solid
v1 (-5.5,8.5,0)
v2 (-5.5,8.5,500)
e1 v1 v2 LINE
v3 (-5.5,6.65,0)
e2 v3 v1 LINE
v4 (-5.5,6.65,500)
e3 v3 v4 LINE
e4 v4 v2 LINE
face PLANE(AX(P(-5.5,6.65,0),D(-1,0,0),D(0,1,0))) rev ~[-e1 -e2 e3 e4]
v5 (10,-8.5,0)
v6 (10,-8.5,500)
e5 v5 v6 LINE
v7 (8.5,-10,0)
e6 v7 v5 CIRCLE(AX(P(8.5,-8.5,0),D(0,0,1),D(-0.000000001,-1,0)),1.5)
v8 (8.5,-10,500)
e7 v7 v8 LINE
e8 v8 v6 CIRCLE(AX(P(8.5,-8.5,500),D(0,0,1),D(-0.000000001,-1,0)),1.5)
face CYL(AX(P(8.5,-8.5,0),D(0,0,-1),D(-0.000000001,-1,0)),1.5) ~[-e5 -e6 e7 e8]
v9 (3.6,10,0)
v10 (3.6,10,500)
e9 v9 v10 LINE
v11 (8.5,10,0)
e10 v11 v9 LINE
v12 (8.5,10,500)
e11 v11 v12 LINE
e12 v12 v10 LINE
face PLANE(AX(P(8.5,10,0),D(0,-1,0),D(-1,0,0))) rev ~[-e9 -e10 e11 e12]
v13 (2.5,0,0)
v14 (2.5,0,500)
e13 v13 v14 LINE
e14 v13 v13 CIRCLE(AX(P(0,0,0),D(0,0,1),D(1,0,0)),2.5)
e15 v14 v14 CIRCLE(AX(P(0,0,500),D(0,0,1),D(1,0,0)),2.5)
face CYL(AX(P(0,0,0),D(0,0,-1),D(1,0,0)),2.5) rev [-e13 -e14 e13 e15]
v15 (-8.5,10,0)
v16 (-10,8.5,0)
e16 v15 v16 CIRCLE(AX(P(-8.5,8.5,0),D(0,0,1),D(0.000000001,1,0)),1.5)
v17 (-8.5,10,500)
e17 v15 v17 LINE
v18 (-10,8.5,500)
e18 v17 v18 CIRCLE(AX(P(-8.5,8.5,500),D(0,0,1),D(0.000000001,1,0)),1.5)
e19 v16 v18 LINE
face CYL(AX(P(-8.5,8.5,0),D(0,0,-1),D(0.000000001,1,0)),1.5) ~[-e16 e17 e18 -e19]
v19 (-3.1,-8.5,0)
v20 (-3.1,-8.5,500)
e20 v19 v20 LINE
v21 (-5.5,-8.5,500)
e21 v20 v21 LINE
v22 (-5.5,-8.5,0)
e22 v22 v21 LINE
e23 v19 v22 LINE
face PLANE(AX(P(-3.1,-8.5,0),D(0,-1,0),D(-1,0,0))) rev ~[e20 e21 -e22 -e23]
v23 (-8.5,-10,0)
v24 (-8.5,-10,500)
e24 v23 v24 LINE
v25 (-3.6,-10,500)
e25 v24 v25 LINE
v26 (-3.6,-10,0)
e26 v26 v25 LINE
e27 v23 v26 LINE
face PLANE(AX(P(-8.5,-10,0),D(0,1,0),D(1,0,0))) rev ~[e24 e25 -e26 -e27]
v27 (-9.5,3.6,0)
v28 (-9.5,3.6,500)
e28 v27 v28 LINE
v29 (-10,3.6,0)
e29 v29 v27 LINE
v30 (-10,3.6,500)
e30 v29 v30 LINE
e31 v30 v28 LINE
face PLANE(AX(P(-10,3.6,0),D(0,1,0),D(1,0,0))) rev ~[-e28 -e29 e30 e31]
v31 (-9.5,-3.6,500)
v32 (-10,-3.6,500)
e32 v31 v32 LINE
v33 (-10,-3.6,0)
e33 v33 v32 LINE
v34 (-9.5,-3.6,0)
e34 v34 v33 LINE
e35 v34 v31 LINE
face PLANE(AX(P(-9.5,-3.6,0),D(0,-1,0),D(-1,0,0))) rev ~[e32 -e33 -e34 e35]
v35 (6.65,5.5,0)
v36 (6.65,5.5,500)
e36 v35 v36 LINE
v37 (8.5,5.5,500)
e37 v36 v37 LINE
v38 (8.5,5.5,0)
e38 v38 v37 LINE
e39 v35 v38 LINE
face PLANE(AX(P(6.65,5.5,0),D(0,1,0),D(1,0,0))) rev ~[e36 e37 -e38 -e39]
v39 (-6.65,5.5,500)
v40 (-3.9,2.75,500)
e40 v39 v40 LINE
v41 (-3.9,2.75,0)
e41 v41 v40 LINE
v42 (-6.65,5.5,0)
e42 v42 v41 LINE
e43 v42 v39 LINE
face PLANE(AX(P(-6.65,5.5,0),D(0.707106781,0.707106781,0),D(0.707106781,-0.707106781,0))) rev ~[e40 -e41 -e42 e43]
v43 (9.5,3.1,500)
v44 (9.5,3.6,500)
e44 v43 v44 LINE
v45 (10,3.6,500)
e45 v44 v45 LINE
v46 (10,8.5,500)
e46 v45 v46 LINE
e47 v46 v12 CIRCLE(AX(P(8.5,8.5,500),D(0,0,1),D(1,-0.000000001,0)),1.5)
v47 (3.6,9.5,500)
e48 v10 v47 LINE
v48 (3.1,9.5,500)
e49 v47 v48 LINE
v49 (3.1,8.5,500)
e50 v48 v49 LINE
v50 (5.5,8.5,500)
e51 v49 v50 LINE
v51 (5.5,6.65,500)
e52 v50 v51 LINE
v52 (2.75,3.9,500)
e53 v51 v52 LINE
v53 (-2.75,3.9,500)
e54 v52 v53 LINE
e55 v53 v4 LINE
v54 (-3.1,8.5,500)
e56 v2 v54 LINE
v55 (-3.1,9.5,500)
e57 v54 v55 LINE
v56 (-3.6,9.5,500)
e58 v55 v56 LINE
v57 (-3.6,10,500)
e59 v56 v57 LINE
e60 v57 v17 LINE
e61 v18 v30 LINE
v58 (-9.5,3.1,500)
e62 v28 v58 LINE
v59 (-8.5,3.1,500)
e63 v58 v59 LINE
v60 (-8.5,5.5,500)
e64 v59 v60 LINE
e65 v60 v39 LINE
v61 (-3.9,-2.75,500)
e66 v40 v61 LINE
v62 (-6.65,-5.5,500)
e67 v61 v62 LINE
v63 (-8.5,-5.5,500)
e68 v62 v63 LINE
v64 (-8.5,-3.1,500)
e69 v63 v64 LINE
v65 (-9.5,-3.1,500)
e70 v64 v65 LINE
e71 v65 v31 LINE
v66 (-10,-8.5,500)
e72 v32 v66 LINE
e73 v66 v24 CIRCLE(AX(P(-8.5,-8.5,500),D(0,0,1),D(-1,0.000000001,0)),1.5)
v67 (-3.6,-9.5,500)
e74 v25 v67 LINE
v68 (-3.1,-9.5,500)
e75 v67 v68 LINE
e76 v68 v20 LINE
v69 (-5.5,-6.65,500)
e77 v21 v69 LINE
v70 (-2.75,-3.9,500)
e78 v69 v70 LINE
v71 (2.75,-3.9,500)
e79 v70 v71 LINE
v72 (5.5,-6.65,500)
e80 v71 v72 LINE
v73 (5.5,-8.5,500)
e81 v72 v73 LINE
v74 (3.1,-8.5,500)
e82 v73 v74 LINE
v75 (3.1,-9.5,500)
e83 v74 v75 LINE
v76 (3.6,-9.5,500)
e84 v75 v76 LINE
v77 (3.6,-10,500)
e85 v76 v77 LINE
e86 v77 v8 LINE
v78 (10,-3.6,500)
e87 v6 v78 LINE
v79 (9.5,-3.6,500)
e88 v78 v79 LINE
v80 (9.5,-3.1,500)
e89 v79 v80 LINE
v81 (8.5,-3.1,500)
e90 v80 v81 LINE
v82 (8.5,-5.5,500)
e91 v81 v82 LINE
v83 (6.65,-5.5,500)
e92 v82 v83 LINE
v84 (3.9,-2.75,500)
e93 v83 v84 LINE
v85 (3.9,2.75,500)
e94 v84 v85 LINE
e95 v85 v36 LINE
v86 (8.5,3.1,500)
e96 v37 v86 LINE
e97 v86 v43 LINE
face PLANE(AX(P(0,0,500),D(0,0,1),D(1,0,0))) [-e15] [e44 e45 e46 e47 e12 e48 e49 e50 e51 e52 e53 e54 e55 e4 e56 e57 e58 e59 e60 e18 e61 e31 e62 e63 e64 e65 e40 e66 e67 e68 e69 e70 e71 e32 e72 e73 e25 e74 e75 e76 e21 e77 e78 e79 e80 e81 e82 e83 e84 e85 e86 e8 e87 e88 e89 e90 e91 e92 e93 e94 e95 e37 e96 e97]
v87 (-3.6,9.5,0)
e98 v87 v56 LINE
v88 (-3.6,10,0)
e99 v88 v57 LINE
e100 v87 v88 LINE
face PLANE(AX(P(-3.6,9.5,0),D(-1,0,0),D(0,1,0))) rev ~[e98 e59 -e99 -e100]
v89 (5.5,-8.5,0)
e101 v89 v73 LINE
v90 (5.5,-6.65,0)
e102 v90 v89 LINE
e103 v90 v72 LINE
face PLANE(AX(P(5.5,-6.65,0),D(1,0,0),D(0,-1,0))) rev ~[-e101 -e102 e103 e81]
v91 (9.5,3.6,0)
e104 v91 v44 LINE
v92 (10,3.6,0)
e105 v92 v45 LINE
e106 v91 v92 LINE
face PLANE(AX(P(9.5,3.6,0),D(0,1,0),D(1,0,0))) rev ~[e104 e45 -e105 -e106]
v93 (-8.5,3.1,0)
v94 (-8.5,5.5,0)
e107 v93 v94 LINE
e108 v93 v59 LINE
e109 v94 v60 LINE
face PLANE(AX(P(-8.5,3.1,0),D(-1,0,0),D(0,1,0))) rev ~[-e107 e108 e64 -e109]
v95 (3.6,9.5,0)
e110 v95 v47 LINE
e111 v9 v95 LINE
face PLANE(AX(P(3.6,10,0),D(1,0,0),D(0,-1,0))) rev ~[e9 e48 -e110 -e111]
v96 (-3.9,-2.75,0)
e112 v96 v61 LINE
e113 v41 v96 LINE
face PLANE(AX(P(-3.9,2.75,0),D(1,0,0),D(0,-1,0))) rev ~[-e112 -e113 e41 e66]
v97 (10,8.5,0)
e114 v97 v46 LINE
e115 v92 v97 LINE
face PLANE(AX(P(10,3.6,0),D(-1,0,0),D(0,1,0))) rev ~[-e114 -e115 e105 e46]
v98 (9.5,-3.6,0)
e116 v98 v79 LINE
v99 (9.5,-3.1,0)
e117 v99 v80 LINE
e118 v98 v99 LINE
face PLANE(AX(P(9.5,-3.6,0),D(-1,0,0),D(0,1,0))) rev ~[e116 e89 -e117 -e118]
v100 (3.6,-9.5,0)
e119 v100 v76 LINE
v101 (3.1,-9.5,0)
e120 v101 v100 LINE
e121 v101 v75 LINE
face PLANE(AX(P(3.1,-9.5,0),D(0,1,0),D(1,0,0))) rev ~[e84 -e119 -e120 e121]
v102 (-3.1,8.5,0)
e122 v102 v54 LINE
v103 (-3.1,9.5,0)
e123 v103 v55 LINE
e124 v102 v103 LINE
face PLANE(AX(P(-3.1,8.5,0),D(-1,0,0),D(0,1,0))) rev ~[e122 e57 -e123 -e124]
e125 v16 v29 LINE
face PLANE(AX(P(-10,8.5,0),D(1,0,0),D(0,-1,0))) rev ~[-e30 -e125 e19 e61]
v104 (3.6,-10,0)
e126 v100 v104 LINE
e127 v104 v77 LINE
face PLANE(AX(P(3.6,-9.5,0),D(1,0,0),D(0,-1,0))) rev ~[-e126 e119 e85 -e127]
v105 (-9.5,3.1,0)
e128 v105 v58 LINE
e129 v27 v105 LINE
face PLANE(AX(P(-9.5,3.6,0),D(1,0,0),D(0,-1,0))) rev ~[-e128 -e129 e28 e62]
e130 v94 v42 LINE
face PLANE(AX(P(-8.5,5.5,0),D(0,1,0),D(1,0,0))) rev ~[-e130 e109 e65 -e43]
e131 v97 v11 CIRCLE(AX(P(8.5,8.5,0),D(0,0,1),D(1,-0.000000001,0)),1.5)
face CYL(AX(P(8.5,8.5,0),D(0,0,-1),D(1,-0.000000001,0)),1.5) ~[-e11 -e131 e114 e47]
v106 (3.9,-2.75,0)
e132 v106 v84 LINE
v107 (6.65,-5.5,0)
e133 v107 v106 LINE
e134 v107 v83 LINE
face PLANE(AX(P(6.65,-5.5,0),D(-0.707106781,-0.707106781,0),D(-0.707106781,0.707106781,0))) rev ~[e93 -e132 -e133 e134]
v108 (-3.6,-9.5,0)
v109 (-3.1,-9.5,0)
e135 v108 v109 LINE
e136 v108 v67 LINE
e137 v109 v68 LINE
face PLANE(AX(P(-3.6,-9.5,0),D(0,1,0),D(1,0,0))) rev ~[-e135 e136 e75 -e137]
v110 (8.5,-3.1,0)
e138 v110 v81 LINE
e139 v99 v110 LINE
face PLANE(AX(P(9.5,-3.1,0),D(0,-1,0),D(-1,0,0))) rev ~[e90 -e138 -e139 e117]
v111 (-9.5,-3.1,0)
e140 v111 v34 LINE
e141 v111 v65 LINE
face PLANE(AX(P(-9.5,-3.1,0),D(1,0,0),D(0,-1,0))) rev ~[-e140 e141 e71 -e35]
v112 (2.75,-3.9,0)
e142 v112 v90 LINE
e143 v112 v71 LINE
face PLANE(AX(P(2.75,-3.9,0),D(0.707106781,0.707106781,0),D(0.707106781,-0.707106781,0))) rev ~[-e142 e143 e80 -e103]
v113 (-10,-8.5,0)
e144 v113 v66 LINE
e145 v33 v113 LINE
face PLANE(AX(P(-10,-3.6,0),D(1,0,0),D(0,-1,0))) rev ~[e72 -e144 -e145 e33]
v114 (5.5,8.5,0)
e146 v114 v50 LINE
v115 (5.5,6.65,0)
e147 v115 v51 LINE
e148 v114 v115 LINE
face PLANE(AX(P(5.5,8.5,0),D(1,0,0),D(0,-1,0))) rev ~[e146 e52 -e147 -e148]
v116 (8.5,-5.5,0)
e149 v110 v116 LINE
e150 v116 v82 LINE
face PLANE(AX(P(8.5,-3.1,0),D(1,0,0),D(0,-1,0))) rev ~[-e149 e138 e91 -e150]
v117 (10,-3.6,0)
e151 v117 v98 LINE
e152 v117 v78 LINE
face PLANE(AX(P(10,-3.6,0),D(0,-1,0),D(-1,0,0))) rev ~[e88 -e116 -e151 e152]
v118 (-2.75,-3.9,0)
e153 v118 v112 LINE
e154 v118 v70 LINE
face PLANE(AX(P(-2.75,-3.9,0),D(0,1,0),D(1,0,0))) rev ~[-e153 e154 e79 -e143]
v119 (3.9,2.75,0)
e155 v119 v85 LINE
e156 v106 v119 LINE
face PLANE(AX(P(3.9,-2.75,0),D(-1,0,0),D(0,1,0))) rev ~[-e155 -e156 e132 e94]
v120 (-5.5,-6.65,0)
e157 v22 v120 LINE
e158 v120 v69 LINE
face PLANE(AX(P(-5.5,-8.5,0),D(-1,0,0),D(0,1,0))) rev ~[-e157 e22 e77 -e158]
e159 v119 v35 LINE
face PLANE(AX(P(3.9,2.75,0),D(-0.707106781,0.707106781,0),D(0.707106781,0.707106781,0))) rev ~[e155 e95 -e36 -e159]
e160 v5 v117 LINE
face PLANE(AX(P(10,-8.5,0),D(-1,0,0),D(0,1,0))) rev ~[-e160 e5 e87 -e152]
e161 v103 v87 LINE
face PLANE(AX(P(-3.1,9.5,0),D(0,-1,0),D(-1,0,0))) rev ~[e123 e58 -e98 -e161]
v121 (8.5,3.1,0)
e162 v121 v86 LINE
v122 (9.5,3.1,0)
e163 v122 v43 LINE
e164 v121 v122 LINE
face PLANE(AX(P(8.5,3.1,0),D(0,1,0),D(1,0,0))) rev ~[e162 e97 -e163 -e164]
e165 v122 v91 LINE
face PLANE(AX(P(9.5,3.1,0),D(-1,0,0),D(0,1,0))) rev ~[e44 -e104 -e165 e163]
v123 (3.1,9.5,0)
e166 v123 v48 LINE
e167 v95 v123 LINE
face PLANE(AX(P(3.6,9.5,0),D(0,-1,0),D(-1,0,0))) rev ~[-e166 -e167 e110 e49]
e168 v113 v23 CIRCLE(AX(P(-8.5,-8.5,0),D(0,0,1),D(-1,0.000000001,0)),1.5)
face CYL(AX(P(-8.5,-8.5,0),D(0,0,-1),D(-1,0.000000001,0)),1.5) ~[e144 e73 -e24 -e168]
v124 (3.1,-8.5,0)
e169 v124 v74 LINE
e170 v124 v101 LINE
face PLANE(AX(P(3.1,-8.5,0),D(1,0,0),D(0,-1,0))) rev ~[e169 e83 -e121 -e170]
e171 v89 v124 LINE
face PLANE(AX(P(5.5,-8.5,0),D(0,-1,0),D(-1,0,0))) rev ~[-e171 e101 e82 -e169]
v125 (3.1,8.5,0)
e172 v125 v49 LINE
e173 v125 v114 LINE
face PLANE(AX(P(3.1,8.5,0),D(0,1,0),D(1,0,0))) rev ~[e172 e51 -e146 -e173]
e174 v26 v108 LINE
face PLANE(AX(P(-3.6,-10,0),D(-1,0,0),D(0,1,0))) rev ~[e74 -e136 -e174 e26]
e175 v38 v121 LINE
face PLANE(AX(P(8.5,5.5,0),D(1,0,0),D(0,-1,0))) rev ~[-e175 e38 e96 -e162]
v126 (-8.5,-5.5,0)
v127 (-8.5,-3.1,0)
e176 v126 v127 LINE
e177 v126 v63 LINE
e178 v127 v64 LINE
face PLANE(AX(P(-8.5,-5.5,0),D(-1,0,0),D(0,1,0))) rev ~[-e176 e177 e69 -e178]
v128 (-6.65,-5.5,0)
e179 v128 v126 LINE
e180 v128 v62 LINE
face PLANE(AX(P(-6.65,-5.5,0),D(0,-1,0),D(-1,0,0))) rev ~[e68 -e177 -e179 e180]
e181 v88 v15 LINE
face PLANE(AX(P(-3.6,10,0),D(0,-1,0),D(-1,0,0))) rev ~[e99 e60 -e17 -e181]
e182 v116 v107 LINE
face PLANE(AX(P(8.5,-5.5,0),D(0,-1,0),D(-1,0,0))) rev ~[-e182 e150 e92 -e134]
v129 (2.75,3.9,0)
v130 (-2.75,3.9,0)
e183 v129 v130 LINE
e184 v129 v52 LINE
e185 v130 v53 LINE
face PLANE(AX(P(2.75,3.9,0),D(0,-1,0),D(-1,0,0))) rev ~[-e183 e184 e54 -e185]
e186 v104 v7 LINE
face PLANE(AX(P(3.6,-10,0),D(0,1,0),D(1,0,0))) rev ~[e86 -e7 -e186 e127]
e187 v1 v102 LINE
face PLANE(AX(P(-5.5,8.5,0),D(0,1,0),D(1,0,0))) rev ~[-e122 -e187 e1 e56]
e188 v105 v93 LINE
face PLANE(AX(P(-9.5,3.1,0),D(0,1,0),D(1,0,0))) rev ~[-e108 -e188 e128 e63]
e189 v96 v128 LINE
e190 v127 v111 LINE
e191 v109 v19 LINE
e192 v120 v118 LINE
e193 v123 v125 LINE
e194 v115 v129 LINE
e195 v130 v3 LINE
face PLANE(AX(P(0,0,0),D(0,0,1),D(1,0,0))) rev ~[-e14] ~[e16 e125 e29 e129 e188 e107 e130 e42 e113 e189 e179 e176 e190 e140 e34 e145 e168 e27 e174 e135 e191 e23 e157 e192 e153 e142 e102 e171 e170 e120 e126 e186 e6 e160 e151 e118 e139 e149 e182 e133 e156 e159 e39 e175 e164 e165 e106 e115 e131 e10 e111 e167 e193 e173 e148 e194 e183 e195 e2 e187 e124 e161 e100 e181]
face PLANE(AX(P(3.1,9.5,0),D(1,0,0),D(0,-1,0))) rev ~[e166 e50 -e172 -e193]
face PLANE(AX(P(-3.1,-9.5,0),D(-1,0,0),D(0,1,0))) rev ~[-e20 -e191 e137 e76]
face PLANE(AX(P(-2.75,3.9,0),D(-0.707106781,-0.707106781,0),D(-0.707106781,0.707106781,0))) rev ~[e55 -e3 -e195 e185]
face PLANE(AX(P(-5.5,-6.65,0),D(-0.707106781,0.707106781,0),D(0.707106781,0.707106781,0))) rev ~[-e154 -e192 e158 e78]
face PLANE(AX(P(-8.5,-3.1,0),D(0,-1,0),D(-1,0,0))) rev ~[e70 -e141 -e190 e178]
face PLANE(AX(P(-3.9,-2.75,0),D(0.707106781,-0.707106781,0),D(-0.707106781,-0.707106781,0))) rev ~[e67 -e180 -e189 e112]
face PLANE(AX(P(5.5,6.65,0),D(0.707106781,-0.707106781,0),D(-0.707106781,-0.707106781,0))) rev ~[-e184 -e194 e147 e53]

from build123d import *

# Parameters (mm, degrees)
EXTRUDE_1_DEPTH = 500


with BuildPart() as part:
    # 草图1 → 凸台-拉伸1 (new body)
    with BuildSketch(Plane.XY):
        with BuildLine():
            Line((8.5, 10), (3.6, 10))
            Line((3.6, 10), (3.6, 9.5))
            Line((3.6, 9.5), (3.1, 9.5))
            Line((3.1, 9.5), (3.1, 8.5))
            Line((3.1, 8.5), (5.5, 8.5))
            Line((5.5, 8.5), (5.5, 6.65))
            Line((5.5, 6.65), (2.75, 3.9))
            Line((2.75, 3.9), (-2.75, 3.9))
            Line((-2.75, 3.9), (-5.5, 6.65))
            Line((-5.5, 6.65), (-5.5, 8.5))
            Line((-5.5, 8.5), (-3.1, 8.5))
            Line((-3.1, 8.5), (-3.1, 9.5))
            Line((-3.1, 9.5), (-3.6, 9.5))
            Line((-3.6, 9.5), (-3.6, 10))
            Line((-3.6, 10), (-8.5, 10))
            ThreePointArc((-8.5, 10), (-9.560660172, 9.560660172), (-10, 8.5))
            Line((-10, 8.5), (-10, 3.6))
            Line((-10, 3.6), (-9.5, 3.6))
            Line((-9.5, 3.6), (-9.5, 3.1))
            Line((-9.5, 3.1), (-8.5, 3.1))
            Line((-8.5, 3.1), (-8.5, 5.5))
            Line((-8.5, 5.5), (-6.65, 5.5))
            Line((-6.65, 5.5), (-3.9, 2.75))
            Line((-3.9, 2.75), (-3.9, -2.75))
            Line((-3.9, -2.75), (-6.65, -5.5))
            Line((-6.65, -5.5), (-8.5, -5.5))
            Line((-8.5, -5.5), (-8.5, -3.1))
            Line((-8.5, -3.1), (-9.5, -3.1))
            Line((-9.5, -3.1), (-9.5, -3.6))
            Line((-9.5, -3.6), (-10, -3.6))
            Line((-10, -3.6), (-10, -8.5))
            ThreePointArc((-10, -8.5), (-9.560660172, -9.560660172), (-8.5, -10))
            Line((-8.5, -10), (-3.6, -10))
            Line((-3.6, -10), (-3.6, -9.5))
            Line((-3.6, -9.5), (-3.1, -9.5))
            Line((-3.1, -9.5), (-3.1, -8.5))
            Line((-3.1, -8.5), (-5.5, -8.5))
            Line((-5.5, -8.5), (-5.5, -6.65))
            Line((-5.5, -6.65), (-2.75, -3.9))
            Line((-2.75, -3.9), (2.75, -3.9))
            Line((2.75, -3.9), (5.5, -6.65))
            Line((5.5, -6.65), (5.5, -8.5))
            Line((5.5, -8.5), (3.1, -8.5))
            Line((3.1, -8.5), (3.1, -9.5))
            Line((3.1, -9.5), (3.6, -9.5))
            Line((3.6, -9.5), (3.6, -10))
            Line((3.6, -10), (8.5, -10))
            ThreePointArc((8.5, -10), (9.560660172, -9.560660172), (10, -8.5))
            Line((10, -8.5), (10, -3.6))
            Line((10, -3.6), (9.5, -3.6))
            Line((9.5, -3.6), (9.5, -3.1))
            Line((9.5, -3.1), (8.5, -3.1))
            Line((8.5, -3.1), (8.5, -5.5))
            Line((8.5, -5.5), (6.65, -5.5))
            Line((6.65, -5.5), (3.9, -2.75))
            Line((3.9, -2.75), (3.9, 2.75))
            Line((3.9, 2.75), (6.65, 5.5))
            Line((6.65, 5.5), (8.5, 5.5))
            Line((8.5, 5.5), (8.5, 3.1))
            Line((8.5, 3.1), (9.5, 3.1))
            Line((9.5, 3.1), (9.5, 3.6))
            Line((9.5, 3.6), (10, 3.6))
            Line((10, 3.6), (10, 8.5))
            ThreePointArc((10, 8.5), (9.560660172, 9.560660172), (8.5, 10))
        make_face()
        with BuildLine():
            ThreePointArc((-2.5, 0), (0, -2.5), (2.5, 0))
            ThreePointArc((2.5, 0), (0, 2.5), (-2.5, 0))
        make_face(mode=Mode.SUBTRACT)
    extrude(amount=EXTRUDE_1_DEPTH)


solid = part.part
